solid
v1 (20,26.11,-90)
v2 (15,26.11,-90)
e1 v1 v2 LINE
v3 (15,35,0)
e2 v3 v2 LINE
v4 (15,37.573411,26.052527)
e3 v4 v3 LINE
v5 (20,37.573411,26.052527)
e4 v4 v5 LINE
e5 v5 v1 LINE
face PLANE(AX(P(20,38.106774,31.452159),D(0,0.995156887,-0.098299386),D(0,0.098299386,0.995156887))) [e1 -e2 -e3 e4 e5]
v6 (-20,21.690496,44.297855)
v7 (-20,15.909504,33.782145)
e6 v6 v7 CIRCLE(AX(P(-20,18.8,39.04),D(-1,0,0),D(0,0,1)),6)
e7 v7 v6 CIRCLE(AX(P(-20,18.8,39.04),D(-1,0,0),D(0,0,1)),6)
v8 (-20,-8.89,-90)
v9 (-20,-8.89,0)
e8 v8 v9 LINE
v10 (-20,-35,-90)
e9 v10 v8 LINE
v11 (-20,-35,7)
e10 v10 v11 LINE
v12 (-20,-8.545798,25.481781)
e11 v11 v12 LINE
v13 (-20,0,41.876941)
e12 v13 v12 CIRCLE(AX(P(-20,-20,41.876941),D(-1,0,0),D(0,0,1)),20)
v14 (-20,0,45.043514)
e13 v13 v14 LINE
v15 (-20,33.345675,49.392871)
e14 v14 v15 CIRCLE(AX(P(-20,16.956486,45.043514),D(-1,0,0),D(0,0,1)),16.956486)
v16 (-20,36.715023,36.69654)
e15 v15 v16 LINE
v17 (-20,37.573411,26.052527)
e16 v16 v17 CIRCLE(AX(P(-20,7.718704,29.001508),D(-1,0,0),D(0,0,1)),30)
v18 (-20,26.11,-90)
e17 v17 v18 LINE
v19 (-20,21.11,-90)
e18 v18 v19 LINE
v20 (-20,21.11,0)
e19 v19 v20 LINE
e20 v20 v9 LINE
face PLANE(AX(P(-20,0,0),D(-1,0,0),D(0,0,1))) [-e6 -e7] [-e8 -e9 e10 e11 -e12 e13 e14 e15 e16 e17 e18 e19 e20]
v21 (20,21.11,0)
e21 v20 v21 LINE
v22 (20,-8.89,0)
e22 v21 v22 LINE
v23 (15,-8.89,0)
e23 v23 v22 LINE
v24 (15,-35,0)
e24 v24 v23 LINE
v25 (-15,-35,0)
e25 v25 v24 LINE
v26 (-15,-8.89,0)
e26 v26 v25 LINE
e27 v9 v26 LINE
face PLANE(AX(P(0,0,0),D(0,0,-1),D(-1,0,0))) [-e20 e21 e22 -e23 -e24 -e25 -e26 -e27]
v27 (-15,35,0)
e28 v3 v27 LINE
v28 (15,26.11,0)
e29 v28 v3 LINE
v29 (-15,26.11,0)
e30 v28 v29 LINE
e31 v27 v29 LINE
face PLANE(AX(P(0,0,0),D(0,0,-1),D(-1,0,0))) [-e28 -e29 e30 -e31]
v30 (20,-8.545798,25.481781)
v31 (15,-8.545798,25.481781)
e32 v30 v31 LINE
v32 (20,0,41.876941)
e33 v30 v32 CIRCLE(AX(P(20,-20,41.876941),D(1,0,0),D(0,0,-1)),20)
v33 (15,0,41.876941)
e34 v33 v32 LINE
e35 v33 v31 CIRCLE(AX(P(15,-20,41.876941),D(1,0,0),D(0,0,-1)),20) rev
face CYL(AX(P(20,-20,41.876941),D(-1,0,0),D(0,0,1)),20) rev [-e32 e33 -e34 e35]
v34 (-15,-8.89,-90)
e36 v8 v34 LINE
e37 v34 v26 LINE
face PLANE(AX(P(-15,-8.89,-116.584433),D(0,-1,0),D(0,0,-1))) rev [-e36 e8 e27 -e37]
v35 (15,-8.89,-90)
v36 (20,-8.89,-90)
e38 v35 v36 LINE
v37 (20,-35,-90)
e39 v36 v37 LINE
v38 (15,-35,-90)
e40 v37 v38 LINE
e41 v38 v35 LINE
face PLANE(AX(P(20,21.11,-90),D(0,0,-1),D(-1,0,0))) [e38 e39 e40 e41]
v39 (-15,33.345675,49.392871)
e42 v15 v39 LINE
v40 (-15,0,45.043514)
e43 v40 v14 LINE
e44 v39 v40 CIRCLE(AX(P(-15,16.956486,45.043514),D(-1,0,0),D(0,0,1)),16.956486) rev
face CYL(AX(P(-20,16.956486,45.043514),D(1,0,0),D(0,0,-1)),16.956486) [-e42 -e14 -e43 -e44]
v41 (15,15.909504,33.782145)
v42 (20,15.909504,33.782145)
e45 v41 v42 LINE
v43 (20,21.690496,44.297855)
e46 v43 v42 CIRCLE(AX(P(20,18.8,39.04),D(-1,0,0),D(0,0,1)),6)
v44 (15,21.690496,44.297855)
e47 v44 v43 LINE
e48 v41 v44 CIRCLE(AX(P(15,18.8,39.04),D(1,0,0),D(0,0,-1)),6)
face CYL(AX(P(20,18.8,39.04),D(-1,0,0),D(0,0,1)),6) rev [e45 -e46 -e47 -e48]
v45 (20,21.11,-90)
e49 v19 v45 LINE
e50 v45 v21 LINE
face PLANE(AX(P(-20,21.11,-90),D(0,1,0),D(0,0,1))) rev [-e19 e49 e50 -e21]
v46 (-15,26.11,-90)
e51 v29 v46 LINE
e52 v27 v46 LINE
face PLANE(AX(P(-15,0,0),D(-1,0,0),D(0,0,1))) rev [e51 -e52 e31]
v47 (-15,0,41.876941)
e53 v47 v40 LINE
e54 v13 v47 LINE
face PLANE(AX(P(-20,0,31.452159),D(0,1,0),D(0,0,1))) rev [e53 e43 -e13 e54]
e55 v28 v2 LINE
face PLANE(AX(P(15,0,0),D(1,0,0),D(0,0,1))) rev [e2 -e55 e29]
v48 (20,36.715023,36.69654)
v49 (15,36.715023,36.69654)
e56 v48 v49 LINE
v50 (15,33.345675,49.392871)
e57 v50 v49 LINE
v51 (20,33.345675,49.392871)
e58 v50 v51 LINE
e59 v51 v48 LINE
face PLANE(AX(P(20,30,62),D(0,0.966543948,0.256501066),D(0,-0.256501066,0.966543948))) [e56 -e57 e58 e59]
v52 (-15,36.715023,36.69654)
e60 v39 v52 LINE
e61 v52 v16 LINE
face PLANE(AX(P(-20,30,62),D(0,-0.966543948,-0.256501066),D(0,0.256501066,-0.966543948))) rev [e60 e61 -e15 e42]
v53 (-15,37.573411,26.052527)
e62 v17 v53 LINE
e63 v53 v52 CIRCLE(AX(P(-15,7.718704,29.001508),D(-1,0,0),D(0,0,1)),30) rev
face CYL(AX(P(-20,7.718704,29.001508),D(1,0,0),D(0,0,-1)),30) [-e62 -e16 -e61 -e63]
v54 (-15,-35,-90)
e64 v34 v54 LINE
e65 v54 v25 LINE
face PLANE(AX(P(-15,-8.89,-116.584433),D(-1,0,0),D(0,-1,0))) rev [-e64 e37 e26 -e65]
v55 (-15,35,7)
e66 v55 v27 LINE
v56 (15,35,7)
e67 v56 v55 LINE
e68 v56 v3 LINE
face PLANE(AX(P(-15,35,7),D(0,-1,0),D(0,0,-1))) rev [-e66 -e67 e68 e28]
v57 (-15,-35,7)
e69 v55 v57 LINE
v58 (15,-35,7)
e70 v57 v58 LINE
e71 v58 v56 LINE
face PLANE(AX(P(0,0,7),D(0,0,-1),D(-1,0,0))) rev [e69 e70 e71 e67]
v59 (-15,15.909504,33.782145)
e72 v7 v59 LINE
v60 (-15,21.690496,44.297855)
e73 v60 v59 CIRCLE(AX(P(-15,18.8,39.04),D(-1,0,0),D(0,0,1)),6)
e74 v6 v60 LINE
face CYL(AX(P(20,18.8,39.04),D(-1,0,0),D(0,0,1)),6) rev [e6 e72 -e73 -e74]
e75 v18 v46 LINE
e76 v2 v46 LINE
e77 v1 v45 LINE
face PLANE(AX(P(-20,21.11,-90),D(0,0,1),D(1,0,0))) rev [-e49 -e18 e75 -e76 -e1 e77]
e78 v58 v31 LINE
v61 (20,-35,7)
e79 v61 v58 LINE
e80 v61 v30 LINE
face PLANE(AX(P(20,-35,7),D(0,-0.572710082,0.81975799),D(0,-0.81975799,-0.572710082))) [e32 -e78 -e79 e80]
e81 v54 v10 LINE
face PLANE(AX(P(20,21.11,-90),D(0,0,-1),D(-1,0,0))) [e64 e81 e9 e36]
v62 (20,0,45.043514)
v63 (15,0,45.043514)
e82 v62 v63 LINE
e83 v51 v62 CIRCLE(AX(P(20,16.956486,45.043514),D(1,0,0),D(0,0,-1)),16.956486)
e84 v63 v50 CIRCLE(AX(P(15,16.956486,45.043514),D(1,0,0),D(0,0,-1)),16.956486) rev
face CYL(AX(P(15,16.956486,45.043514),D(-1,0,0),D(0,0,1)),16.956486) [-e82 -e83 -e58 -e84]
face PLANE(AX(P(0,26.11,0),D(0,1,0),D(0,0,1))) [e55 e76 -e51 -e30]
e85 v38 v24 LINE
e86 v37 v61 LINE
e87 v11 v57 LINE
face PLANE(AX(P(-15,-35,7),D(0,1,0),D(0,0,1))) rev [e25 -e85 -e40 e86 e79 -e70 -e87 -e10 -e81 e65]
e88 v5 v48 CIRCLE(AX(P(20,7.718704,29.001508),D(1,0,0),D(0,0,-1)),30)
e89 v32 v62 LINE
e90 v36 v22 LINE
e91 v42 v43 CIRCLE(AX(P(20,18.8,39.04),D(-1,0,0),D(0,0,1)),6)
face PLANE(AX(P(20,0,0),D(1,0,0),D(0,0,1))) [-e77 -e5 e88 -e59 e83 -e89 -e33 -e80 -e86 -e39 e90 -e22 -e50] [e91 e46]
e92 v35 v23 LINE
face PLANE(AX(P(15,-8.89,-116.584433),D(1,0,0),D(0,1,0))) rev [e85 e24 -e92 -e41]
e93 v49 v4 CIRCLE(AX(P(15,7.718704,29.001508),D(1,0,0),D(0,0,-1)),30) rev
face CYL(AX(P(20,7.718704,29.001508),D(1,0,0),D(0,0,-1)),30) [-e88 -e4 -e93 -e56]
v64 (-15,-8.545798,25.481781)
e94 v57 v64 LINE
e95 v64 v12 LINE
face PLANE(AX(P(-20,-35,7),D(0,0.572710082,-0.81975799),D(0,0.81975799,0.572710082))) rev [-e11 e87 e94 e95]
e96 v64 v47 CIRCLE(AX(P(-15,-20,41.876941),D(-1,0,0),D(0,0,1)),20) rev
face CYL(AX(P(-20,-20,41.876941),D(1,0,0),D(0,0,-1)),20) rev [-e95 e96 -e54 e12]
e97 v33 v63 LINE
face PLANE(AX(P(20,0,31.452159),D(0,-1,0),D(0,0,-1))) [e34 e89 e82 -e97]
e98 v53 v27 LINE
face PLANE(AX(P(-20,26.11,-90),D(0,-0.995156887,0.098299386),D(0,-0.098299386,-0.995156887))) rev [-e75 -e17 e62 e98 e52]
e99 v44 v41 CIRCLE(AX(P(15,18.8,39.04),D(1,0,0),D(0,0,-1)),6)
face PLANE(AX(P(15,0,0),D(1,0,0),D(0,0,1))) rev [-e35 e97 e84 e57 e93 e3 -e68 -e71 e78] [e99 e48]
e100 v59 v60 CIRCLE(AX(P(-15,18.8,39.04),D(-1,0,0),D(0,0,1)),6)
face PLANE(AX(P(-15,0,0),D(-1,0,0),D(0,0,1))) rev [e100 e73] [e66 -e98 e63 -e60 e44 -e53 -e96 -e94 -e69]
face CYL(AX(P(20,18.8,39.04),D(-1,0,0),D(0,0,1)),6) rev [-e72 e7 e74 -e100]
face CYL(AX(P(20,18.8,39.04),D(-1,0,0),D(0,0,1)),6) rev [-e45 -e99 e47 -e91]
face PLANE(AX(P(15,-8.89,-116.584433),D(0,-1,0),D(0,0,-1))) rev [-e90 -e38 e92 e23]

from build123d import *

# Parameters (mm, degrees)
SZKIC1_W                    = 30
SZKIC1_H                    = 70
DODANIE_WYCI_GNI_CIE1_DEPTH = 7
DODANIE_WYCI_GNI_CIE2_DEPTH = 5
ZAOKR_GLENIE1_R             = 16.956486
ZAOKR_GLENIE2_R             = 16.956486
ZAOKR_GLENIE3_R             = 30
ZAOKR_GLENIE4_R             = 30
ZAOKR_GLENIE5_R             = 20
ZAOKR_GLENIE6_R             = 20
SZKIC6_R                    = 6
WYTNIJ_WYCI_GNI_CIE2_DEPTH  = 106.464214961
SZKIC9_W                    = 5
SZKIC9_H                    = 26.11
DODANIE_WYCI_GNI_CIE3_DEPTH = 90
SZKIC13_W                   = 30
SZKIC13_H                   = 90
DODANIE_WYCI_GNI_CIE6_DEPTH = 5


with BuildPart() as part:
    # Szkic1 → Dodanie-wyciągnięcie1 (new body)
    with BuildSketch(Plane.XY):
        Rectangle(SZKIC1_W, SZKIC1_H)
    extrude(amount=DODANIE_WYCI_GNI_CIE1_DEPTH)

    # Szkic5 → Dodanie-wyciągnięcie2 (add)
    with BuildSketch(Plane.ZY.offset(15)):
        Polygon((7, -35), (31.452159225, 0), (62, 0), (62, 30), (31.452159225, 38.106774395), (0, 35), (-90, 26.11), (-90, 21.11), (0, 21.11), (0, -35), align=None)
    dodanie_wyci_gni_cie2 = extrude(amount=DODANIE_WYCI_GNI_CIE2_DEPTH)

    # Lustro1: Dodanie-wyciągnięcie2 across plane
    add(dodanie_wyci_gni_cie2.mirror(Plane(origin=(0, 0, 0), x_dir=(0, 0, 1), z_dir=(1, 0, 0))))

    # Zaokrąglenie1
    zaokr_glenie1_edges = [part.edges().sort_by_distance(p)[0] for p in [
        (-17.5, 0, 62),
        (-17.5, 30, 62),
    ]]
    fillet(zaokr_glenie1_edges, radius=ZAOKR_GLENIE1_R)

    # Zaokrąglenie2
    zaokr_glenie2_edges = [part.edges().sort_by_distance(p)[0] for p in [
        (17.5, 30, 62),
        (17.5, 0, 62),
    ]]
    fillet(zaokr_glenie2_edges, radius=ZAOKR_GLENIE2_R)

    # Zaokrąglenie3
    zaokr_glenie3_edges = [part.edges().sort_by_distance(p)[0] for p in [
        (-17.5, 38.106774395, 31.452159225),
    ]]
    fillet(zaokr_glenie3_edges, radius=ZAOKR_GLENIE3_R)

    # Zaokrąglenie4
    zaokr_glenie4_edges = [part.edges().sort_by_distance(p)[0] for p in [
        (17.5, 38.106774395, 31.452159225),
    ]]
    fillet(zaokr_glenie4_edges, radius=ZAOKR_GLENIE4_R)

    # Zaokrąglenie5
    zaokr_glenie5_edges = [part.edges().sort_by_distance(p)[0] for p in [
        (-17.5, 0, 31.452159225),
    ]]
    fillet(zaokr_glenie5_edges, radius=ZAOKR_GLENIE5_R)

    # Zaokrąglenie6
    zaokr_glenie6_edges = [part.edges().sort_by_distance(p)[0] for p in [
        (17.5, 0, 31.452159225),
    ]]
    fillet(zaokr_glenie6_edges, radius=ZAOKR_GLENIE6_R)

    # Szkic6 → Wytnij-wyciągnięcie2 (cut, through all)
    with BuildSketch(Plane.ZY.offset(20)):
        with Locations((39.04, 18.8)):
            Circle(SZKIC6_R)
    extrude(amount=-WYTNIJ_WYCI_GNI_CIE2_DEPTH, mode=Mode.SUBTRACT)

    # Szkic9 → Dodanie-wyciągnięcie3 (add)
    with BuildSketch(Plane(origin=(0, 0, 0), x_dir=(-1, 0, 0), z_dir=(0, 0, -1))):
        with Locations((-17.5, -21.945)):
            Rectangle(SZKIC9_W, SZKIC9_H)
        with Locations((17.5, -21.945)):
            Rectangle(SZKIC9_W, SZKIC9_H)
    extrude(amount=DODANIE_WYCI_GNI_CIE3_DEPTH)

    # Szkic13 → Dodanie-wyciągnięcie6 (add)
    with BuildSketch(Plane.XZ.offset(-21.11)):
        with Locations((0, -45)):
            Rectangle(SZKIC13_W, SZKIC13_H)
    extrude(amount=-DODANIE_WYCI_GNI_CIE6_DEPTH)


solid = part.part
